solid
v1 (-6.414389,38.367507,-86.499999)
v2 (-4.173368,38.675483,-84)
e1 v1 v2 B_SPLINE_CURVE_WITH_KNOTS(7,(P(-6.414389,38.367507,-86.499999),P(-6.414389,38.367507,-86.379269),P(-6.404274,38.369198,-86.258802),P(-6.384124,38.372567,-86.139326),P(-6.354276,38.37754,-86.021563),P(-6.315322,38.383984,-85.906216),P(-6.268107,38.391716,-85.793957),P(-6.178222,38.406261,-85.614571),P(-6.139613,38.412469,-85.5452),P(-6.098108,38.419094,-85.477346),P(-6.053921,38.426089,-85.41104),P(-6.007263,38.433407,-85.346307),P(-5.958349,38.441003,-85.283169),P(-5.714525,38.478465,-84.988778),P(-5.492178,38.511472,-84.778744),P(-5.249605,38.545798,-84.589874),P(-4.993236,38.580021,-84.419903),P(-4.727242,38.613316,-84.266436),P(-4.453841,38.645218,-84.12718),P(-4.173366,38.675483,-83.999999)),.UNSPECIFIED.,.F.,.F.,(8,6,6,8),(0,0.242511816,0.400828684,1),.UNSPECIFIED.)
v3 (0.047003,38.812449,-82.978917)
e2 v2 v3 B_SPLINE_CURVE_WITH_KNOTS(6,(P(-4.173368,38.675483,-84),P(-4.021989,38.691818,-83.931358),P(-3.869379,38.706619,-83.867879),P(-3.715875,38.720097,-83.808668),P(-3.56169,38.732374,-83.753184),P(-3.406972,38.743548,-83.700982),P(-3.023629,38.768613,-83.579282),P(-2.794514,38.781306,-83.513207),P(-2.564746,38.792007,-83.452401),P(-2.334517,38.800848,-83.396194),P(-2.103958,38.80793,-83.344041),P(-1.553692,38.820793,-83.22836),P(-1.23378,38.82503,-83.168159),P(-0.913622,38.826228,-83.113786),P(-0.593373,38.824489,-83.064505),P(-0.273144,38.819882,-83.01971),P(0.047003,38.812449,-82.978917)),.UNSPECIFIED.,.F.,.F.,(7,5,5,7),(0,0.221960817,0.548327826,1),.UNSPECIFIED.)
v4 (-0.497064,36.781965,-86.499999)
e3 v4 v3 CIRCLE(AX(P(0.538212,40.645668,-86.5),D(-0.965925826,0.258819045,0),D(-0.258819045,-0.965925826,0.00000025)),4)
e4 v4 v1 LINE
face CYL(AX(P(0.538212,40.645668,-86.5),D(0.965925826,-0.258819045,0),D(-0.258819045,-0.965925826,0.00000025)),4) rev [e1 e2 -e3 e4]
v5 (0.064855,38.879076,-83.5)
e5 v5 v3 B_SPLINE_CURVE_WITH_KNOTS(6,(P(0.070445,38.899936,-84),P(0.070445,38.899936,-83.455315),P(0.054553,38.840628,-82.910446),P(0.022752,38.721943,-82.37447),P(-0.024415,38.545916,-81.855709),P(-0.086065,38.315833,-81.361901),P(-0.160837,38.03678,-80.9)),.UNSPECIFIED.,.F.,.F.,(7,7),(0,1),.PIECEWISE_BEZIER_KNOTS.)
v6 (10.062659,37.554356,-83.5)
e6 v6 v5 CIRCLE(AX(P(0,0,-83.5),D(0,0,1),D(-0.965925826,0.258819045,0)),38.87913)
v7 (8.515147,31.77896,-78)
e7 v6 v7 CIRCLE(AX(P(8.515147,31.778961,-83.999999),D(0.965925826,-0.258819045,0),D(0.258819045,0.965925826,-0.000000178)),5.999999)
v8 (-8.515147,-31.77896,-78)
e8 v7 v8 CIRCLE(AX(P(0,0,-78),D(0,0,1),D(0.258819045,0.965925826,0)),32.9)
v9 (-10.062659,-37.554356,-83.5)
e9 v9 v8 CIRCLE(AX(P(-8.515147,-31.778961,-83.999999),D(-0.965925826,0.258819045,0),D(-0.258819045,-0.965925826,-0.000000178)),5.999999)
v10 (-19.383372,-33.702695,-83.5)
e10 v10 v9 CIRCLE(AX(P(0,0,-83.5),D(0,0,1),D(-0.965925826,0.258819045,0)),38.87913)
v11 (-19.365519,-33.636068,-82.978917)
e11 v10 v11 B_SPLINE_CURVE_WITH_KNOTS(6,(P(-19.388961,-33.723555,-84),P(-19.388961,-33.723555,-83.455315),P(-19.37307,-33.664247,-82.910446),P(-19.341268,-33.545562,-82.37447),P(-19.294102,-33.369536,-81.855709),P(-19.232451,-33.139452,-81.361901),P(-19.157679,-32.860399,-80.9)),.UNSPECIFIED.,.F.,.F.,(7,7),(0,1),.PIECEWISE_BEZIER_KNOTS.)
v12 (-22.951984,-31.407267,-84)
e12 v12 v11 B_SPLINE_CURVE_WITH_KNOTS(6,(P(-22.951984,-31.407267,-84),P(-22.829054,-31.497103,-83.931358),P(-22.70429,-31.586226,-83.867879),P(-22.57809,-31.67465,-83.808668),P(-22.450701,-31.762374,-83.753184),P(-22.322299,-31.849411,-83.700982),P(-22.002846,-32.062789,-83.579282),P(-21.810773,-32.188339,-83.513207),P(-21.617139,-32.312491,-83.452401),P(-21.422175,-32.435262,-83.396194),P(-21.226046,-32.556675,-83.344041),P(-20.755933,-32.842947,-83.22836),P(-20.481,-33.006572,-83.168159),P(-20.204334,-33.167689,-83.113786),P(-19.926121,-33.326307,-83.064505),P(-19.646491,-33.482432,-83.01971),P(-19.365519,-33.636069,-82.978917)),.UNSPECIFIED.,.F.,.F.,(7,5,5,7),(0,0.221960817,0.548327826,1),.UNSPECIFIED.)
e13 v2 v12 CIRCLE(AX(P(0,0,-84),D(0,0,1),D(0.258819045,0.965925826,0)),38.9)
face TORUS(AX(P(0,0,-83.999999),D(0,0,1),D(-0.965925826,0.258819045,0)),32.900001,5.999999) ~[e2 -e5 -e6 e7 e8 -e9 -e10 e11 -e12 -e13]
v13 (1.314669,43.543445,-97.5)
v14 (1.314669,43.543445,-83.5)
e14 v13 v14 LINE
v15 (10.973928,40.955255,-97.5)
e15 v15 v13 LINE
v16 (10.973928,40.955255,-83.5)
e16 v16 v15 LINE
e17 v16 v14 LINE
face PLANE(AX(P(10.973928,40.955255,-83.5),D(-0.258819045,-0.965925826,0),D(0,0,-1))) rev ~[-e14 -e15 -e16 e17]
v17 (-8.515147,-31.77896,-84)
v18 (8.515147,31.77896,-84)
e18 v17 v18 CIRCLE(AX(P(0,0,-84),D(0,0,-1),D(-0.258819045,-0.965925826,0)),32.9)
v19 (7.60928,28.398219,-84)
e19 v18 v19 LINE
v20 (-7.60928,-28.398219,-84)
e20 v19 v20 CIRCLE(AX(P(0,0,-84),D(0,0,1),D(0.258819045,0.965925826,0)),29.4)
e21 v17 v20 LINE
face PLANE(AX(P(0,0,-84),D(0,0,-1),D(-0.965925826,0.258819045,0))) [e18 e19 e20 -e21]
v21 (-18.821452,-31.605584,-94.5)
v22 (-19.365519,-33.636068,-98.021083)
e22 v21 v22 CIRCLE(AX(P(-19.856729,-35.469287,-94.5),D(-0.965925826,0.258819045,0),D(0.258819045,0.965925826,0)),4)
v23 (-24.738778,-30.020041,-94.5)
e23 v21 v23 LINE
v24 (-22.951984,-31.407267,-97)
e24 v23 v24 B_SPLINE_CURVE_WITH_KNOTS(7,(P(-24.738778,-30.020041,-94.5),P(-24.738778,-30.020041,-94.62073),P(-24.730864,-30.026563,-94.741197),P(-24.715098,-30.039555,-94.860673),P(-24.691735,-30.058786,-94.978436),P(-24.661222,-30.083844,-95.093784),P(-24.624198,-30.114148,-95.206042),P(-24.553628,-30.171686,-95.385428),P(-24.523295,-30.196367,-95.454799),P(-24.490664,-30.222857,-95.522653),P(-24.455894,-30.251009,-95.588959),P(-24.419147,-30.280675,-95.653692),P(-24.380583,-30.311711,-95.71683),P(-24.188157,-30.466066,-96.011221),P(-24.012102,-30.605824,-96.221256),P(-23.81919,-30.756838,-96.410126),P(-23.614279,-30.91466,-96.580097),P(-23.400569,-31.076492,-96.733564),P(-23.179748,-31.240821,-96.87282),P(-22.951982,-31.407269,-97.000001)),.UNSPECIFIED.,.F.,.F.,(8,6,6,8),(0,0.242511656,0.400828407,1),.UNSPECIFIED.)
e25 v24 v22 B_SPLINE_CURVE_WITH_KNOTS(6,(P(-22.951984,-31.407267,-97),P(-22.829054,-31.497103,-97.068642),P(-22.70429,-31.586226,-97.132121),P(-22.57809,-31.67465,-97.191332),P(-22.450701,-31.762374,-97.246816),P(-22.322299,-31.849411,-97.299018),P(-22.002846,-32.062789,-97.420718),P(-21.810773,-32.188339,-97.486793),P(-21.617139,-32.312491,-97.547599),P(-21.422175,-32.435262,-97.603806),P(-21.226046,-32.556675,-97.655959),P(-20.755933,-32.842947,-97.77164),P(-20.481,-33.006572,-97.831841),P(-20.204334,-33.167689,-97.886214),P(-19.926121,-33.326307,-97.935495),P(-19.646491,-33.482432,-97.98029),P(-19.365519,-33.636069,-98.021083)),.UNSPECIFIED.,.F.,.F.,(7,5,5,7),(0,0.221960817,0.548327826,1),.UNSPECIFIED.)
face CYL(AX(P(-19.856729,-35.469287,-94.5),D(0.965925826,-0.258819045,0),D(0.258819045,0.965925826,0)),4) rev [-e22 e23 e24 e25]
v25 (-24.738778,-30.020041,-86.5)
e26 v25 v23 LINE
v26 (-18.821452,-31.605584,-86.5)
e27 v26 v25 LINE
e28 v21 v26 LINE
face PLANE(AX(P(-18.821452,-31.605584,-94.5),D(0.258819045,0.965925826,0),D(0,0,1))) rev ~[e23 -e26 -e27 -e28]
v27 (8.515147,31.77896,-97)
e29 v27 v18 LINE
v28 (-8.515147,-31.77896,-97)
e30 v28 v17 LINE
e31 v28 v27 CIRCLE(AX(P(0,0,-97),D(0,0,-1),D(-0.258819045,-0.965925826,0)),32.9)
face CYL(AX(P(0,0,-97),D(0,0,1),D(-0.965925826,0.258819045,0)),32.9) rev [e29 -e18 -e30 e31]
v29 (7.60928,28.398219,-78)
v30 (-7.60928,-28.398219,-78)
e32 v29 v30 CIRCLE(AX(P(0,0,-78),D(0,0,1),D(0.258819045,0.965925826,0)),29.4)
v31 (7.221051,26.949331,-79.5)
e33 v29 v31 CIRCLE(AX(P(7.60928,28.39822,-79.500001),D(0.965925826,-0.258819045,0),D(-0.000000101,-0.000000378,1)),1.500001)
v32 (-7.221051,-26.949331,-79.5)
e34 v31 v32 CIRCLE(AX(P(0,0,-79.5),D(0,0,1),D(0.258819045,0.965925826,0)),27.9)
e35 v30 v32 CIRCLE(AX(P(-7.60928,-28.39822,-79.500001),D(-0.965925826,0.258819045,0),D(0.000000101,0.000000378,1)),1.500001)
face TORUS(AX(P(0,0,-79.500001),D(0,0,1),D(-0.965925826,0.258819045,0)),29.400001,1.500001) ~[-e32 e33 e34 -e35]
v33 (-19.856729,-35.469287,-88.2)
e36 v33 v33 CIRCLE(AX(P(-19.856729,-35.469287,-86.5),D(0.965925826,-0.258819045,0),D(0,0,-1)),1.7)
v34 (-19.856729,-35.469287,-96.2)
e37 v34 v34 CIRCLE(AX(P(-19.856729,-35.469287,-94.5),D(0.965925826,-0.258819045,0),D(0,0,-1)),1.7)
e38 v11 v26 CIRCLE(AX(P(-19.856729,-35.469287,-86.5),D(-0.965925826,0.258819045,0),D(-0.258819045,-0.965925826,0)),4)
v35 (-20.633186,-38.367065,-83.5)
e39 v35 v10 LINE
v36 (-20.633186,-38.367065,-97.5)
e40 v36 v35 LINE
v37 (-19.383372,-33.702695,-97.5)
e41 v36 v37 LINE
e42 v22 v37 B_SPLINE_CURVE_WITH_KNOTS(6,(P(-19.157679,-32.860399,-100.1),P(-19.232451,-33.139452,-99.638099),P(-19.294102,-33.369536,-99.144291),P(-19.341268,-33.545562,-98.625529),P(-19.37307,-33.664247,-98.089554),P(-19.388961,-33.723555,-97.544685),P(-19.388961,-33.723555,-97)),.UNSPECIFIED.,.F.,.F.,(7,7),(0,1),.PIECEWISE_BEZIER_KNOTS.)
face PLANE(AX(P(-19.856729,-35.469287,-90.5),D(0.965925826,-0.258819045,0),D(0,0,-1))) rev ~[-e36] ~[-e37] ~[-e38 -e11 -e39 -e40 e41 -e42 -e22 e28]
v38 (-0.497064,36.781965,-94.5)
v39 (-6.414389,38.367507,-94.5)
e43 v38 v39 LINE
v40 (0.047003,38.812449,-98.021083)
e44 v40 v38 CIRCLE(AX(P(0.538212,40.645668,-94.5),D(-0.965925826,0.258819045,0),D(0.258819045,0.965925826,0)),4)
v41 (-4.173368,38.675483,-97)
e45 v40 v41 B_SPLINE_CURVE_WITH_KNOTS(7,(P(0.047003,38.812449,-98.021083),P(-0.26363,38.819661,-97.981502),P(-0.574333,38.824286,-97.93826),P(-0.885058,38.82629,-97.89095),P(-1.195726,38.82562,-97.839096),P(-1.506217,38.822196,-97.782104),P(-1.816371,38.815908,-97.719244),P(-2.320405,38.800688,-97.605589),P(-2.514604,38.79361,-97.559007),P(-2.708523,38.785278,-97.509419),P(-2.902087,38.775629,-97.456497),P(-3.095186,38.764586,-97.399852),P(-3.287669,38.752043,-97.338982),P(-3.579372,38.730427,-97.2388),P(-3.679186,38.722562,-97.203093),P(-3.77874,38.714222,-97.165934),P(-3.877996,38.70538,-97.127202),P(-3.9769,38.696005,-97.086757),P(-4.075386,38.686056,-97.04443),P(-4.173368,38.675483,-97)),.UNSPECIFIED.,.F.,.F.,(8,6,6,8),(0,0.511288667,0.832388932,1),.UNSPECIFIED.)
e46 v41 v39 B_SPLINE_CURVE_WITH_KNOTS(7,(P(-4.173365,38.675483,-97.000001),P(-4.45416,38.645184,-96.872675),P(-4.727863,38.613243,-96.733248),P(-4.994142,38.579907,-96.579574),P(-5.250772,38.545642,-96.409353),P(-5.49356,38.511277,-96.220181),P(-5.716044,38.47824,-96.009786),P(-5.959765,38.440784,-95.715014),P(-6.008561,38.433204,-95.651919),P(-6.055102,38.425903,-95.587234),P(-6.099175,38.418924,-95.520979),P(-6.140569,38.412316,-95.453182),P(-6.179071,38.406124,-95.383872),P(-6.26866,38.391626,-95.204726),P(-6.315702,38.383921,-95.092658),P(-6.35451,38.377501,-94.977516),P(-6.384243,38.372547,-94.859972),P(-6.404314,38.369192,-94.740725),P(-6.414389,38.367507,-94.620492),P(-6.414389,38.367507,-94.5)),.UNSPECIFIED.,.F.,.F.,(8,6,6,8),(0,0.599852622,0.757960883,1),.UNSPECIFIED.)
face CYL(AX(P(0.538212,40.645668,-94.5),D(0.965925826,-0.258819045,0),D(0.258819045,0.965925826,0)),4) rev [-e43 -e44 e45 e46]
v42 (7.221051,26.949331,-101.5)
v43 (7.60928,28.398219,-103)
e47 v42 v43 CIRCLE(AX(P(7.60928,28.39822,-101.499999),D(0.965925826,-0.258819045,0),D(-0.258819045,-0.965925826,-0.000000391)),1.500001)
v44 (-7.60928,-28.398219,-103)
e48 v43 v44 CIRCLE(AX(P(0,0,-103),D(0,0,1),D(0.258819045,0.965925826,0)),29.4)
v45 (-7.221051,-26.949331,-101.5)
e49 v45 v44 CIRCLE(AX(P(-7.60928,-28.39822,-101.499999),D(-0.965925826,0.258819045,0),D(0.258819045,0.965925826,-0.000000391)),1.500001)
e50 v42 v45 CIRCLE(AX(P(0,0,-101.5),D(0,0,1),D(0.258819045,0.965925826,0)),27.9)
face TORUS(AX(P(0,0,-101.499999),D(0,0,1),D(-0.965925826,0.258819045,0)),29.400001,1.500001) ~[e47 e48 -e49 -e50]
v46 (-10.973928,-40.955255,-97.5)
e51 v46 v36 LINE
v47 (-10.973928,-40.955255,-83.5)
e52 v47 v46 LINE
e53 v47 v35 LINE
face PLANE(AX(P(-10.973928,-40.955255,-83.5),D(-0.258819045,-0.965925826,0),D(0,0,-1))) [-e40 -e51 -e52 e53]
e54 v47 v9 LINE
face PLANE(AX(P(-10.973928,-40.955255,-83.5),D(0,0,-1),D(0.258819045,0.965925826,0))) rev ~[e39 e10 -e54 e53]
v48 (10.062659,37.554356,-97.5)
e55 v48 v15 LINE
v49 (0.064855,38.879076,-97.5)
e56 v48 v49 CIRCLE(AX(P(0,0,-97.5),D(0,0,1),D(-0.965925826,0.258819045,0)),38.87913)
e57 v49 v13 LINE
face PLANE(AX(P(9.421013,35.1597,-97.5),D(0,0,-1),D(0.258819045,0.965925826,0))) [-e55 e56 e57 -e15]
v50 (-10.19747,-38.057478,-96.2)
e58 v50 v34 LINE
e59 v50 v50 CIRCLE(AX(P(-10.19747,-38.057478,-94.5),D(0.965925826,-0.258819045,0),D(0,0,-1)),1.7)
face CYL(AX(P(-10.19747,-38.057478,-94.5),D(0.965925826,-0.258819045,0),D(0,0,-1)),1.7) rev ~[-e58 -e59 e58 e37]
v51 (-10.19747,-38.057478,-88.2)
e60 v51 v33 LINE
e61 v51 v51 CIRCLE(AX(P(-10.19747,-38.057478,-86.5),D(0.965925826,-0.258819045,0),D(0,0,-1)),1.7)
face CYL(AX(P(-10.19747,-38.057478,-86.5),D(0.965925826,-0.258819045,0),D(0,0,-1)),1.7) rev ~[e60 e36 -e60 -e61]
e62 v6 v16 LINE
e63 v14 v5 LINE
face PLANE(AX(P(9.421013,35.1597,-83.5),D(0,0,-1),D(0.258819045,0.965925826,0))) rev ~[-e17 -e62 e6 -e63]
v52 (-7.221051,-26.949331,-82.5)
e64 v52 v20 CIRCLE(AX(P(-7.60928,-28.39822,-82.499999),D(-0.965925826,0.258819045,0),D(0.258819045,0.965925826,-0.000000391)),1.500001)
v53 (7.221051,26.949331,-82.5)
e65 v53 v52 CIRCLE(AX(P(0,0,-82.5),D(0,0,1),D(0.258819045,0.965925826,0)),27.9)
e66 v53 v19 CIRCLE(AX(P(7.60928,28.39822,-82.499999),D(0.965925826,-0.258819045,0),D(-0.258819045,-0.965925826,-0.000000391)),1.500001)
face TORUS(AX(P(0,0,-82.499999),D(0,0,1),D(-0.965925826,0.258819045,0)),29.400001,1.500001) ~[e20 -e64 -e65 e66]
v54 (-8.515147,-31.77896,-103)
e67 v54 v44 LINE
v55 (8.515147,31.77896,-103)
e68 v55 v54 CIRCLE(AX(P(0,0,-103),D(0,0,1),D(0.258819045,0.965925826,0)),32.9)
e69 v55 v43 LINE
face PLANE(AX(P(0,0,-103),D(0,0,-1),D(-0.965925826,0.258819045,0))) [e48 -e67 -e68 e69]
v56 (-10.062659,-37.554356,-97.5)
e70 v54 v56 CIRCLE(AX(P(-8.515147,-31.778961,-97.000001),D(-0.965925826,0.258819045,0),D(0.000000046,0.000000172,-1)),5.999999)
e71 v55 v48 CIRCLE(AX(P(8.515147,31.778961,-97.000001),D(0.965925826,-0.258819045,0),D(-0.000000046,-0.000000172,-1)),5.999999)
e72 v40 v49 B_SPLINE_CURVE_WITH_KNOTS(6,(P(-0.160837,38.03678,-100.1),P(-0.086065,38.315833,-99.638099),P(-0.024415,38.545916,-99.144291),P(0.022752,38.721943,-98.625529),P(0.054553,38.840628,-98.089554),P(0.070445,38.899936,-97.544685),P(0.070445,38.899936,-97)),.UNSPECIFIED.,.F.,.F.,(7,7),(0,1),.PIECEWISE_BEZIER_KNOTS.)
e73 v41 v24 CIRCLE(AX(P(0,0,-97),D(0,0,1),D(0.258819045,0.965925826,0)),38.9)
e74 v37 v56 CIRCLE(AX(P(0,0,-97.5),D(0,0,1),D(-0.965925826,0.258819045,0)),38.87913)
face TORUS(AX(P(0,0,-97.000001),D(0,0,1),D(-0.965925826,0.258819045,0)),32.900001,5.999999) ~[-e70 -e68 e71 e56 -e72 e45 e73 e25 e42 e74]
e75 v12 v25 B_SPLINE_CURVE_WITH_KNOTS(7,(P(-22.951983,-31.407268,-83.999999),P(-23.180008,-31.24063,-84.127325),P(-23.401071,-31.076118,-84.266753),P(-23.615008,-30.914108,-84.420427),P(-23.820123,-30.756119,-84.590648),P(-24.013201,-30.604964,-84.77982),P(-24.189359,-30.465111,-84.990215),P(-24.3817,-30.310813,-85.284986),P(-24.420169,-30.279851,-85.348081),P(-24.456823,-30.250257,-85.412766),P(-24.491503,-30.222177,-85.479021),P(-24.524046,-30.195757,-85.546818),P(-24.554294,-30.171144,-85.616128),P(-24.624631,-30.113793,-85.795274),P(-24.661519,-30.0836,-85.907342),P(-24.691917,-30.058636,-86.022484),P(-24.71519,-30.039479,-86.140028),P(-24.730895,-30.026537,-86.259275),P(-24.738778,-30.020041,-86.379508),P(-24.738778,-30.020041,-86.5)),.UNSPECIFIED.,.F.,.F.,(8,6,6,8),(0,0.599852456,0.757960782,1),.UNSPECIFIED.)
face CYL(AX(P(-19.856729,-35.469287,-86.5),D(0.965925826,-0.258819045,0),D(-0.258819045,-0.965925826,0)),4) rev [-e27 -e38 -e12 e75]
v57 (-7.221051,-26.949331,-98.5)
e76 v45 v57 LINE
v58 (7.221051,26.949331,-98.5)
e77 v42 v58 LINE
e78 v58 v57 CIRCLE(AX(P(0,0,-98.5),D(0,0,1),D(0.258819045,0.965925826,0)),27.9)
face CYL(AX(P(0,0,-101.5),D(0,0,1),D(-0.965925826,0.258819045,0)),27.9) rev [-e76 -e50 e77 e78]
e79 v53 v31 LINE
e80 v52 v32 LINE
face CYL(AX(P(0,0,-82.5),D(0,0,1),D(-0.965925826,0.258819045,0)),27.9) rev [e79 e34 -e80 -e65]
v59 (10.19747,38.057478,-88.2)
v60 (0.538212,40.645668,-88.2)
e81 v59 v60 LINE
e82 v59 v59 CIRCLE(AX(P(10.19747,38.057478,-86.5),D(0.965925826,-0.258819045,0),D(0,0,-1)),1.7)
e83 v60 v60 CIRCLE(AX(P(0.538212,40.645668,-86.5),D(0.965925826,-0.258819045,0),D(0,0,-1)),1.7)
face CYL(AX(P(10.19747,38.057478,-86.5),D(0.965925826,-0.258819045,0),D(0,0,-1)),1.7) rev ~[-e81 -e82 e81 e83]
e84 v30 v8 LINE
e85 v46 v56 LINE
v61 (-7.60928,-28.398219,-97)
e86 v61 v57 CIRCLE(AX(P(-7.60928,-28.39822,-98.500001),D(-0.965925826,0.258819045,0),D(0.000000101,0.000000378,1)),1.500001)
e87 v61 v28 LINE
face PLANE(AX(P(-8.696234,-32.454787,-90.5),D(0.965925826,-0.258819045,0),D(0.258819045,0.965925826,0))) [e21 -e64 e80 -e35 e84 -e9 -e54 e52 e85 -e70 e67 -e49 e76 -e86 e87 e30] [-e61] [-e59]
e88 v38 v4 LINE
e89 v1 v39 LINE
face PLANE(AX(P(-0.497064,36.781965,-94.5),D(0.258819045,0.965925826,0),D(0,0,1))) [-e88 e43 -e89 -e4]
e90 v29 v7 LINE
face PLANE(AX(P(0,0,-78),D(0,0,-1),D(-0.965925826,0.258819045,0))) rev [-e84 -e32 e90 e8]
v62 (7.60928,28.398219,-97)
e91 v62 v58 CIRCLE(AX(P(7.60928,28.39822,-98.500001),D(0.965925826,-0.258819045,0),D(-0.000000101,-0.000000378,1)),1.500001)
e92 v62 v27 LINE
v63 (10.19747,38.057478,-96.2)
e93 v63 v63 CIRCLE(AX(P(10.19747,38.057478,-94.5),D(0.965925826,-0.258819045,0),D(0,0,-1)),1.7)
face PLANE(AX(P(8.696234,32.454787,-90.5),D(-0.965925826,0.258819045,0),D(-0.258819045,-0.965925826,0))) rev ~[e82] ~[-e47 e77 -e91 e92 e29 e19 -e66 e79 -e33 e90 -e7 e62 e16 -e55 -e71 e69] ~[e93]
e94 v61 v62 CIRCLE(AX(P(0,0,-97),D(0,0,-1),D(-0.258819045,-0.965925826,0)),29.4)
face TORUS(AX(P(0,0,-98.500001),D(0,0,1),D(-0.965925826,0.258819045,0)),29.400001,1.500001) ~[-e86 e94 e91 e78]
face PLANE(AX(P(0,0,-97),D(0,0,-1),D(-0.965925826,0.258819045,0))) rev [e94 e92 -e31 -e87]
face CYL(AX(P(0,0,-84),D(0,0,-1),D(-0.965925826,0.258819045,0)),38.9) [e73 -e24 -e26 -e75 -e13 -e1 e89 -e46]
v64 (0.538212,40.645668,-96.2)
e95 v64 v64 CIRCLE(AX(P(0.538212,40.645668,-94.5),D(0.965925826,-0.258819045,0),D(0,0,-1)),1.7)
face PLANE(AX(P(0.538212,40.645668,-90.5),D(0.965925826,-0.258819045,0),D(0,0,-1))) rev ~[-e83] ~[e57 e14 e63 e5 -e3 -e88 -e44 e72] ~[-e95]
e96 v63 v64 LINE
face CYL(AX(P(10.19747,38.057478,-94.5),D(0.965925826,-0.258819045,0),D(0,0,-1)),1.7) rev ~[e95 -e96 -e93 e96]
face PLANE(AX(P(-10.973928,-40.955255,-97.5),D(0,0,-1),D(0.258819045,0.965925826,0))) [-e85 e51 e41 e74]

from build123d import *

# Parameters (mm, degrees)
REVOLUTION007_ANGLE     = 180
SKETCH064_W             = 14
SKETCH064_H             = 6
PAD026_DEPTH            = 10
SKETCH063_R             = 1.7
POCKET007_DEPTH         = 38.901
POCKET008_DEPTH         = 28.901
BODY015_PLACEMENT_ANGLE = 75


with BuildPart() as part:
    # Sketch062 → Revolution007 (revolve, symmetric)
    with BuildSketch(Plane.YZ) as revolution007_sk:
        with BuildLine():
            Line((32.9, 0), (32.9, 6.5))
            Line((32.9, 6.5), (29.4, 6.5))
            ThreePointArc((27.9, 8), (28.33934, 6.93934), (29.4, 6.5))
            Line((27.9, 8), (27.9, 11))
            ThreePointArc((29.4, 12.5), (28.33934, 12.06066), (27.9, 11))
            Line((29.4, 12.5), (32.9, 12.5))
            ThreePointArc((38.9, 6.5), (37.142641, 10.742641), (32.9, 12.5))
            Line((38.9, 6.5), (38.9, 0))
            Line((38.9, 0), (38.9, -6.5))
            ThreePointArc((32.9, -12.5), (37.142641, -10.742641), (38.9, -6.5))
            Line((32.9, -12.5), (29.4, -12.5))
            ThreePointArc((27.9, -11), (28.33934, -12.06066), (29.4, -12.5))
            Line((27.9, -11), (27.9, -8))
            ThreePointArc((29.4, -6.5), (28.33934, -6.93934), (27.9, -8))
            Line((29.4, -6.5), (32.9, -6.5))
            Line((32.9, -6.5), (32.9, 0))
        make_face()
    revolve(axis=Axis((0, 0, 0), (0, 0, 1)), revolution_arc=REVOLUTION007_ANGLE / 2)
    revolve(revolution007_sk.sketch, axis=Axis((0, 0, 0), (0, 0, -1)), revolution_arc=REVOLUTION007_ANGLE / 2)

    # Sketch064 (on Face18 of Revolution007) → Pad026 (new body)
    with BuildSketch(Plane(origin=(0, 0, 0), x_dir=(0, 0, -1), z_dir=(0, -1, 0))):
        with Locations((0, 39.4)):
            Rectangle(SKETCH064_W, SKETCH064_H)
        with Locations((0, -39.4)):
            Rectangle(SKETCH064_W, SKETCH064_H)
    extrude(amount=-PAD026_DEPTH)

    # Sketch063 (on Face18 of Revolution007) → Pocket007 (cut, through all)
    with BuildSketch(Plane(origin=(0, 0, 0), x_dir=(0, 0, -1), z_dir=(0, -1, 0))):
        with Locations((4, 39.4)):
            Circle(SKETCH063_R)
        with Locations((-4, 39.4)):
            Circle(SKETCH063_R)
        with Locations((-4, -39.4)):
            Circle(SKETCH063_R)
        with Locations((4, -39.4)):
            Circle(SKETCH063_R)
    extrude(amount=-POCKET007_DEPTH, mode=Mode.SUBTRACT)

    # Sketch065 (on Face22 of Pocket007) → Pocket008 (cut, through all)
    with BuildSketch(Plane.ZX.offset(10)):
        with BuildLine():
            Line((-4, 43.4), (4.000001, 43.4))
            ThreePointArc((4.000001, 35.4), (8, 39.4), (4.000001, 43.4))
            Line((-4, 35.4), (4.000001, 35.4))
            ThreePointArc((-4, 43.4), (-8, 39.4), (-4, 35.4))
        make_face()
        with BuildLine():
            Line((-4, -35.4), (4, -35.4))
            ThreePointArc((4, -43.4), (8, -39.4), (4, -35.4))
            Line((-4, -43.4), (4, -43.4))
            ThreePointArc((-4, -35.4), (-8, -39.4), (-4, -43.4))
        make_face()
    extrude(amount=POCKET008_DEPTH, mode=Mode.SUBTRACT)


with BuildPart() as part_1:
    # Body015 placement: moved
    add(part.part.moved(Location((0, 0, -90.5))).rotate(Axis((0, 0, -90.5), (0, 0, 1)), BODY015_PLACEMENT_ANGLE))


solid = part_1.part
